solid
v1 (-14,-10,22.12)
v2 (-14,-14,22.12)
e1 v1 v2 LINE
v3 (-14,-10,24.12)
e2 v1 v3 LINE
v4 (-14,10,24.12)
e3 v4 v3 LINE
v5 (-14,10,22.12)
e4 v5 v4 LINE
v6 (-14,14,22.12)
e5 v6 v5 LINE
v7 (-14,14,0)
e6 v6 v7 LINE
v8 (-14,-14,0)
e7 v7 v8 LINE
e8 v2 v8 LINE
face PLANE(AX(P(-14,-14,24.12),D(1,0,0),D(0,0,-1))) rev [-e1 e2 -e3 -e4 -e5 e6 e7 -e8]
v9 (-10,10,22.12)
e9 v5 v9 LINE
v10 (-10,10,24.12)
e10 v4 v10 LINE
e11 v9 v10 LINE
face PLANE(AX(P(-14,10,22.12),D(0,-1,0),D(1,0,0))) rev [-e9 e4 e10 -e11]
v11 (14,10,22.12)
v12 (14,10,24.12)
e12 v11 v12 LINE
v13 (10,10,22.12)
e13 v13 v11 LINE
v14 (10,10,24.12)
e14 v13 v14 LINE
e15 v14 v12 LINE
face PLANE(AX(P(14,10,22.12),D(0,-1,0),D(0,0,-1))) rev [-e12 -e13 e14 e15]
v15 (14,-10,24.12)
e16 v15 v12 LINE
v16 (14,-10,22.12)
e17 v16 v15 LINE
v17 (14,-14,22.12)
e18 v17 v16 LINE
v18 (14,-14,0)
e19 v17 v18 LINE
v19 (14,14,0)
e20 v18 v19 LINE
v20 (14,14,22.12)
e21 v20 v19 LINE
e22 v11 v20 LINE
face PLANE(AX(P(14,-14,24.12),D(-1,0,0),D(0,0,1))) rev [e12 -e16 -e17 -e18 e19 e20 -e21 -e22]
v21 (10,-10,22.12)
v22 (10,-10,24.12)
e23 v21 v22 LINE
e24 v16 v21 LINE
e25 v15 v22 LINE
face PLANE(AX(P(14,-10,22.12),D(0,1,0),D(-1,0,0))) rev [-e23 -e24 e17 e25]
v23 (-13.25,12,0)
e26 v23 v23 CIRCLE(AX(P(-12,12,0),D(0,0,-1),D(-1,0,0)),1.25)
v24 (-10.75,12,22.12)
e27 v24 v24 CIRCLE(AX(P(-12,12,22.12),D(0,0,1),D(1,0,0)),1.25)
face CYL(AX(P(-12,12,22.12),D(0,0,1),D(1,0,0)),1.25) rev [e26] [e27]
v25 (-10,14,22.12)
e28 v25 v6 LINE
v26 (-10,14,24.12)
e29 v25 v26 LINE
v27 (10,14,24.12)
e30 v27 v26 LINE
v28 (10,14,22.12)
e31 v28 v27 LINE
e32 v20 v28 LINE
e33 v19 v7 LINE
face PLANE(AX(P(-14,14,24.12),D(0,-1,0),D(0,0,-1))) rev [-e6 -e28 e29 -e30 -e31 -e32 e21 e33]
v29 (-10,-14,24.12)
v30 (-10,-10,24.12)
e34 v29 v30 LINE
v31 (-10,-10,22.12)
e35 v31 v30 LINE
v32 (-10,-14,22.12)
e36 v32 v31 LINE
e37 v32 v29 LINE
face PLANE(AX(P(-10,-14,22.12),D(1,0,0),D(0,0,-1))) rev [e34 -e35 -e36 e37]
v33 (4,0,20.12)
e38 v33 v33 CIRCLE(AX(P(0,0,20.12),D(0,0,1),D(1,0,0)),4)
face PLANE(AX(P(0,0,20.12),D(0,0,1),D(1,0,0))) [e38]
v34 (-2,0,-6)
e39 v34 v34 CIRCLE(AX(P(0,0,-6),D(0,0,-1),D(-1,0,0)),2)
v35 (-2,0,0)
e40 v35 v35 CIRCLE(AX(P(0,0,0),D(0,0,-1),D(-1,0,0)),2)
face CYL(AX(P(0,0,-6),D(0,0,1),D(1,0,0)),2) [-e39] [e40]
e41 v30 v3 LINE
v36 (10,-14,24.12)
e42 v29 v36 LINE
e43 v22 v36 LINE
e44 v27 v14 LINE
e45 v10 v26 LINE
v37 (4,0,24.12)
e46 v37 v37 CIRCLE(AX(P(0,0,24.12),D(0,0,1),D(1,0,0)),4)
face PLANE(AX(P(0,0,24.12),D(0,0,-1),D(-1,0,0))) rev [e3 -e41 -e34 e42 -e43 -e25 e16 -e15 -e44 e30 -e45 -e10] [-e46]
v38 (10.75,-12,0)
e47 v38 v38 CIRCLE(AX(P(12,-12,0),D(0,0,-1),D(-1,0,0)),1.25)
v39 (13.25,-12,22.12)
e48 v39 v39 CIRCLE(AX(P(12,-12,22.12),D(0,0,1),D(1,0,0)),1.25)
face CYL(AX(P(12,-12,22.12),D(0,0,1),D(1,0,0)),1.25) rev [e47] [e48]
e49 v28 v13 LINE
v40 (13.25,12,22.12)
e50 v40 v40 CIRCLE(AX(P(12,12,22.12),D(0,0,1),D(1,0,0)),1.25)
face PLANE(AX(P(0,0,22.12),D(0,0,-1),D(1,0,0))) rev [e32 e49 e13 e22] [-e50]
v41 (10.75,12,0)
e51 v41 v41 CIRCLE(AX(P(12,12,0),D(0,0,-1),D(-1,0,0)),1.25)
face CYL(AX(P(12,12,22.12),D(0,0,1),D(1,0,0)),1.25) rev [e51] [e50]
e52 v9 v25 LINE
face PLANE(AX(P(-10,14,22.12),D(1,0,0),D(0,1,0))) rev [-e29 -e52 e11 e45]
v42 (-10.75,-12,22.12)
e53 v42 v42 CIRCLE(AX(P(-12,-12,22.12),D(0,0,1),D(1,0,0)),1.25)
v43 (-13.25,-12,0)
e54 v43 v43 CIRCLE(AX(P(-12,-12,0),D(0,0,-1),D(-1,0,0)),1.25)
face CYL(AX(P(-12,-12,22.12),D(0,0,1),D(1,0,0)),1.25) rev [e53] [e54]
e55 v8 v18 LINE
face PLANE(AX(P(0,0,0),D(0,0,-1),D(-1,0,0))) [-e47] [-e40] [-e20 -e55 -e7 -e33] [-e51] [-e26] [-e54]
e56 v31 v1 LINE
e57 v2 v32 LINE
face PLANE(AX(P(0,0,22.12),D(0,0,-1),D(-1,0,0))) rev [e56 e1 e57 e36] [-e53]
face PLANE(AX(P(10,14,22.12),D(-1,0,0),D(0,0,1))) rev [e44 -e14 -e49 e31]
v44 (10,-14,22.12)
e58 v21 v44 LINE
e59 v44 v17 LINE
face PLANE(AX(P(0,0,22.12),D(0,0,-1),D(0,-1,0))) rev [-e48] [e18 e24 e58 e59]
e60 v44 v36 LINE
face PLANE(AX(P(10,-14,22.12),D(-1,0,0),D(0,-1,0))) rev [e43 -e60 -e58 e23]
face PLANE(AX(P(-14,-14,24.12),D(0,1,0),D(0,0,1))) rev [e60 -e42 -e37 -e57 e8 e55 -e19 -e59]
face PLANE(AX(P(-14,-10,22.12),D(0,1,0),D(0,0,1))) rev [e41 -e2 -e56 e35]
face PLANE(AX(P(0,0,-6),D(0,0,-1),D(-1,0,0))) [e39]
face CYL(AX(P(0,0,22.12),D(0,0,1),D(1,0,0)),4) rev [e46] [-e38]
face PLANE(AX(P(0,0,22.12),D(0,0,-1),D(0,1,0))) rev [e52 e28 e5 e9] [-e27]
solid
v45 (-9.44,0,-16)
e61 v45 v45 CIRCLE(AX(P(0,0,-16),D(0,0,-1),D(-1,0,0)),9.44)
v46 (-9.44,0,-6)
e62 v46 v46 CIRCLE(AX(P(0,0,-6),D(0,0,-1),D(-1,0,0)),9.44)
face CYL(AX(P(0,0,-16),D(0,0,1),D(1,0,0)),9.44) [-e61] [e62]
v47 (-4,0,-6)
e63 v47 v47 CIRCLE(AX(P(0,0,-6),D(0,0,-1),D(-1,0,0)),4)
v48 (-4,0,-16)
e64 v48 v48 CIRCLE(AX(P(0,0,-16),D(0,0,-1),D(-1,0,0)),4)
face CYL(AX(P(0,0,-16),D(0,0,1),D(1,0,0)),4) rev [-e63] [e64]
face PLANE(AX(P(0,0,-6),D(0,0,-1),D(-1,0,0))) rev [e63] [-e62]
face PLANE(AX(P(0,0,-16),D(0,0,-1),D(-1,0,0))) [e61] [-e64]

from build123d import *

# Parameters (mm, degrees)
SKETCH_1_W               = 28
SKETCH_1_H               = 28
EXTRUDE_1_DEPTH          = 24.12
SKETCH_2_R               = 4
SKETCH_2_W               = 4
SKETCH_2_H               = 4
CUT_EXTRUDE_1_DEPTH      = 2
SKETCH_3_R               = 4
CUT_EXTRUDE_2_DEPTH      = 2
HOLE_WIZARD_M3_2_D       = 2.5
HOLE_WIZARD_M3_2_DEPTH   = 22.121
PATTERN_CIRCULAR_4_COUNT = 4
PATTERN_CIRCULAR_5_COUNT = 4
SKETCH_7_R               = 2
EXTRUDE_2_DEPTH          = 6
SKETCH_8_R               = 9.44
SKETCH_8_R_2             = 4
EXTRUDE_3_DEPTH          = 10


with BuildPart() as part:
    # 草图1 → 凸台-拉伸1 (new body)
    with BuildSketch(Plane.XY):
        Rectangle(SKETCH_1_W, SKETCH_1_H)
    extrude(amount=EXTRUDE_1_DEPTH)

    # 草图2 → 切除-拉伸1 (cut)
    with BuildSketch(Plane.XY.offset(24.12)):
        Circle(SKETCH_2_R)
        with Locations((-12, -12)):
            Rectangle(SKETCH_2_W, SKETCH_2_H)
    cut_extrude_1 = extrude(amount=-CUT_EXTRUDE_1_DEPTH, mode=Mode.SUBTRACT)

    # 草图3 → 切除-拉伸2 (cut)
    with BuildSketch(Plane.XY.offset(22.12)):
        Circle(SKETCH_3_R)
    extrude(amount=-CUT_EXTRUDE_2_DEPTH, mode=Mode.SUBTRACT)

    # M3 螺纹孔2
    with Locations(Plane(origin=(-12, -12, 22.12), x_dir=(1, 0, 0), z_dir=(0, 0, 1))):
        with Locations((0, 0)):
            hole_wizard_m3_2 = Hole(HOLE_WIZARD_M3_2_D / 2, depth=HOLE_WIZARD_M3_2_DEPTH)

    # 阵列(圆周)4: 切除-拉伸1 ×4 about axis
    pattern_circular_4_axis = Axis((0, 0, 0), (0, 0, 1))
    for i in range(1, PATTERN_CIRCULAR_4_COUNT):
        add(cut_extrude_1.rotate(pattern_circular_4_axis, i * 360 / PATTERN_CIRCULAR_4_COUNT), mode=Mode.SUBTRACT)

    # 阵列(圆周)5: M3 螺纹孔2 ×4 about axis
    pattern_circular_5_axis = Axis((0, 0, 0), (0, 0, 1))
    for i in range(1, PATTERN_CIRCULAR_5_COUNT):
        add(hole_wizard_m3_2.rotate(pattern_circular_5_axis, i * 360 / PATTERN_CIRCULAR_5_COUNT), mode=Mode.SUBTRACT)

    # 草图7 → 凸台-拉伸2 (add)
    with BuildSketch(Plane(origin=(0, 0, 0), x_dir=(-1, 0, 0), z_dir=(0, 0, -1))):
        Circle(SKETCH_7_R)
    extrude(amount=EXTRUDE_2_DEPTH)


with BuildPart() as body_2:
    # 草图8 → 凸台-拉伸3 (new body)
    with BuildSketch(Plane(origin=(0, 0, -6), x_dir=(-1, 0, 0), z_dir=(0, 0, -1))):
        Circle(SKETCH_8_R)
        Circle(SKETCH_8_R_2, mode=Mode.SUBTRACT)
    extrude(amount=EXTRUDE_3_DEPTH)


solid = Compound([part.part, body_2.part])
